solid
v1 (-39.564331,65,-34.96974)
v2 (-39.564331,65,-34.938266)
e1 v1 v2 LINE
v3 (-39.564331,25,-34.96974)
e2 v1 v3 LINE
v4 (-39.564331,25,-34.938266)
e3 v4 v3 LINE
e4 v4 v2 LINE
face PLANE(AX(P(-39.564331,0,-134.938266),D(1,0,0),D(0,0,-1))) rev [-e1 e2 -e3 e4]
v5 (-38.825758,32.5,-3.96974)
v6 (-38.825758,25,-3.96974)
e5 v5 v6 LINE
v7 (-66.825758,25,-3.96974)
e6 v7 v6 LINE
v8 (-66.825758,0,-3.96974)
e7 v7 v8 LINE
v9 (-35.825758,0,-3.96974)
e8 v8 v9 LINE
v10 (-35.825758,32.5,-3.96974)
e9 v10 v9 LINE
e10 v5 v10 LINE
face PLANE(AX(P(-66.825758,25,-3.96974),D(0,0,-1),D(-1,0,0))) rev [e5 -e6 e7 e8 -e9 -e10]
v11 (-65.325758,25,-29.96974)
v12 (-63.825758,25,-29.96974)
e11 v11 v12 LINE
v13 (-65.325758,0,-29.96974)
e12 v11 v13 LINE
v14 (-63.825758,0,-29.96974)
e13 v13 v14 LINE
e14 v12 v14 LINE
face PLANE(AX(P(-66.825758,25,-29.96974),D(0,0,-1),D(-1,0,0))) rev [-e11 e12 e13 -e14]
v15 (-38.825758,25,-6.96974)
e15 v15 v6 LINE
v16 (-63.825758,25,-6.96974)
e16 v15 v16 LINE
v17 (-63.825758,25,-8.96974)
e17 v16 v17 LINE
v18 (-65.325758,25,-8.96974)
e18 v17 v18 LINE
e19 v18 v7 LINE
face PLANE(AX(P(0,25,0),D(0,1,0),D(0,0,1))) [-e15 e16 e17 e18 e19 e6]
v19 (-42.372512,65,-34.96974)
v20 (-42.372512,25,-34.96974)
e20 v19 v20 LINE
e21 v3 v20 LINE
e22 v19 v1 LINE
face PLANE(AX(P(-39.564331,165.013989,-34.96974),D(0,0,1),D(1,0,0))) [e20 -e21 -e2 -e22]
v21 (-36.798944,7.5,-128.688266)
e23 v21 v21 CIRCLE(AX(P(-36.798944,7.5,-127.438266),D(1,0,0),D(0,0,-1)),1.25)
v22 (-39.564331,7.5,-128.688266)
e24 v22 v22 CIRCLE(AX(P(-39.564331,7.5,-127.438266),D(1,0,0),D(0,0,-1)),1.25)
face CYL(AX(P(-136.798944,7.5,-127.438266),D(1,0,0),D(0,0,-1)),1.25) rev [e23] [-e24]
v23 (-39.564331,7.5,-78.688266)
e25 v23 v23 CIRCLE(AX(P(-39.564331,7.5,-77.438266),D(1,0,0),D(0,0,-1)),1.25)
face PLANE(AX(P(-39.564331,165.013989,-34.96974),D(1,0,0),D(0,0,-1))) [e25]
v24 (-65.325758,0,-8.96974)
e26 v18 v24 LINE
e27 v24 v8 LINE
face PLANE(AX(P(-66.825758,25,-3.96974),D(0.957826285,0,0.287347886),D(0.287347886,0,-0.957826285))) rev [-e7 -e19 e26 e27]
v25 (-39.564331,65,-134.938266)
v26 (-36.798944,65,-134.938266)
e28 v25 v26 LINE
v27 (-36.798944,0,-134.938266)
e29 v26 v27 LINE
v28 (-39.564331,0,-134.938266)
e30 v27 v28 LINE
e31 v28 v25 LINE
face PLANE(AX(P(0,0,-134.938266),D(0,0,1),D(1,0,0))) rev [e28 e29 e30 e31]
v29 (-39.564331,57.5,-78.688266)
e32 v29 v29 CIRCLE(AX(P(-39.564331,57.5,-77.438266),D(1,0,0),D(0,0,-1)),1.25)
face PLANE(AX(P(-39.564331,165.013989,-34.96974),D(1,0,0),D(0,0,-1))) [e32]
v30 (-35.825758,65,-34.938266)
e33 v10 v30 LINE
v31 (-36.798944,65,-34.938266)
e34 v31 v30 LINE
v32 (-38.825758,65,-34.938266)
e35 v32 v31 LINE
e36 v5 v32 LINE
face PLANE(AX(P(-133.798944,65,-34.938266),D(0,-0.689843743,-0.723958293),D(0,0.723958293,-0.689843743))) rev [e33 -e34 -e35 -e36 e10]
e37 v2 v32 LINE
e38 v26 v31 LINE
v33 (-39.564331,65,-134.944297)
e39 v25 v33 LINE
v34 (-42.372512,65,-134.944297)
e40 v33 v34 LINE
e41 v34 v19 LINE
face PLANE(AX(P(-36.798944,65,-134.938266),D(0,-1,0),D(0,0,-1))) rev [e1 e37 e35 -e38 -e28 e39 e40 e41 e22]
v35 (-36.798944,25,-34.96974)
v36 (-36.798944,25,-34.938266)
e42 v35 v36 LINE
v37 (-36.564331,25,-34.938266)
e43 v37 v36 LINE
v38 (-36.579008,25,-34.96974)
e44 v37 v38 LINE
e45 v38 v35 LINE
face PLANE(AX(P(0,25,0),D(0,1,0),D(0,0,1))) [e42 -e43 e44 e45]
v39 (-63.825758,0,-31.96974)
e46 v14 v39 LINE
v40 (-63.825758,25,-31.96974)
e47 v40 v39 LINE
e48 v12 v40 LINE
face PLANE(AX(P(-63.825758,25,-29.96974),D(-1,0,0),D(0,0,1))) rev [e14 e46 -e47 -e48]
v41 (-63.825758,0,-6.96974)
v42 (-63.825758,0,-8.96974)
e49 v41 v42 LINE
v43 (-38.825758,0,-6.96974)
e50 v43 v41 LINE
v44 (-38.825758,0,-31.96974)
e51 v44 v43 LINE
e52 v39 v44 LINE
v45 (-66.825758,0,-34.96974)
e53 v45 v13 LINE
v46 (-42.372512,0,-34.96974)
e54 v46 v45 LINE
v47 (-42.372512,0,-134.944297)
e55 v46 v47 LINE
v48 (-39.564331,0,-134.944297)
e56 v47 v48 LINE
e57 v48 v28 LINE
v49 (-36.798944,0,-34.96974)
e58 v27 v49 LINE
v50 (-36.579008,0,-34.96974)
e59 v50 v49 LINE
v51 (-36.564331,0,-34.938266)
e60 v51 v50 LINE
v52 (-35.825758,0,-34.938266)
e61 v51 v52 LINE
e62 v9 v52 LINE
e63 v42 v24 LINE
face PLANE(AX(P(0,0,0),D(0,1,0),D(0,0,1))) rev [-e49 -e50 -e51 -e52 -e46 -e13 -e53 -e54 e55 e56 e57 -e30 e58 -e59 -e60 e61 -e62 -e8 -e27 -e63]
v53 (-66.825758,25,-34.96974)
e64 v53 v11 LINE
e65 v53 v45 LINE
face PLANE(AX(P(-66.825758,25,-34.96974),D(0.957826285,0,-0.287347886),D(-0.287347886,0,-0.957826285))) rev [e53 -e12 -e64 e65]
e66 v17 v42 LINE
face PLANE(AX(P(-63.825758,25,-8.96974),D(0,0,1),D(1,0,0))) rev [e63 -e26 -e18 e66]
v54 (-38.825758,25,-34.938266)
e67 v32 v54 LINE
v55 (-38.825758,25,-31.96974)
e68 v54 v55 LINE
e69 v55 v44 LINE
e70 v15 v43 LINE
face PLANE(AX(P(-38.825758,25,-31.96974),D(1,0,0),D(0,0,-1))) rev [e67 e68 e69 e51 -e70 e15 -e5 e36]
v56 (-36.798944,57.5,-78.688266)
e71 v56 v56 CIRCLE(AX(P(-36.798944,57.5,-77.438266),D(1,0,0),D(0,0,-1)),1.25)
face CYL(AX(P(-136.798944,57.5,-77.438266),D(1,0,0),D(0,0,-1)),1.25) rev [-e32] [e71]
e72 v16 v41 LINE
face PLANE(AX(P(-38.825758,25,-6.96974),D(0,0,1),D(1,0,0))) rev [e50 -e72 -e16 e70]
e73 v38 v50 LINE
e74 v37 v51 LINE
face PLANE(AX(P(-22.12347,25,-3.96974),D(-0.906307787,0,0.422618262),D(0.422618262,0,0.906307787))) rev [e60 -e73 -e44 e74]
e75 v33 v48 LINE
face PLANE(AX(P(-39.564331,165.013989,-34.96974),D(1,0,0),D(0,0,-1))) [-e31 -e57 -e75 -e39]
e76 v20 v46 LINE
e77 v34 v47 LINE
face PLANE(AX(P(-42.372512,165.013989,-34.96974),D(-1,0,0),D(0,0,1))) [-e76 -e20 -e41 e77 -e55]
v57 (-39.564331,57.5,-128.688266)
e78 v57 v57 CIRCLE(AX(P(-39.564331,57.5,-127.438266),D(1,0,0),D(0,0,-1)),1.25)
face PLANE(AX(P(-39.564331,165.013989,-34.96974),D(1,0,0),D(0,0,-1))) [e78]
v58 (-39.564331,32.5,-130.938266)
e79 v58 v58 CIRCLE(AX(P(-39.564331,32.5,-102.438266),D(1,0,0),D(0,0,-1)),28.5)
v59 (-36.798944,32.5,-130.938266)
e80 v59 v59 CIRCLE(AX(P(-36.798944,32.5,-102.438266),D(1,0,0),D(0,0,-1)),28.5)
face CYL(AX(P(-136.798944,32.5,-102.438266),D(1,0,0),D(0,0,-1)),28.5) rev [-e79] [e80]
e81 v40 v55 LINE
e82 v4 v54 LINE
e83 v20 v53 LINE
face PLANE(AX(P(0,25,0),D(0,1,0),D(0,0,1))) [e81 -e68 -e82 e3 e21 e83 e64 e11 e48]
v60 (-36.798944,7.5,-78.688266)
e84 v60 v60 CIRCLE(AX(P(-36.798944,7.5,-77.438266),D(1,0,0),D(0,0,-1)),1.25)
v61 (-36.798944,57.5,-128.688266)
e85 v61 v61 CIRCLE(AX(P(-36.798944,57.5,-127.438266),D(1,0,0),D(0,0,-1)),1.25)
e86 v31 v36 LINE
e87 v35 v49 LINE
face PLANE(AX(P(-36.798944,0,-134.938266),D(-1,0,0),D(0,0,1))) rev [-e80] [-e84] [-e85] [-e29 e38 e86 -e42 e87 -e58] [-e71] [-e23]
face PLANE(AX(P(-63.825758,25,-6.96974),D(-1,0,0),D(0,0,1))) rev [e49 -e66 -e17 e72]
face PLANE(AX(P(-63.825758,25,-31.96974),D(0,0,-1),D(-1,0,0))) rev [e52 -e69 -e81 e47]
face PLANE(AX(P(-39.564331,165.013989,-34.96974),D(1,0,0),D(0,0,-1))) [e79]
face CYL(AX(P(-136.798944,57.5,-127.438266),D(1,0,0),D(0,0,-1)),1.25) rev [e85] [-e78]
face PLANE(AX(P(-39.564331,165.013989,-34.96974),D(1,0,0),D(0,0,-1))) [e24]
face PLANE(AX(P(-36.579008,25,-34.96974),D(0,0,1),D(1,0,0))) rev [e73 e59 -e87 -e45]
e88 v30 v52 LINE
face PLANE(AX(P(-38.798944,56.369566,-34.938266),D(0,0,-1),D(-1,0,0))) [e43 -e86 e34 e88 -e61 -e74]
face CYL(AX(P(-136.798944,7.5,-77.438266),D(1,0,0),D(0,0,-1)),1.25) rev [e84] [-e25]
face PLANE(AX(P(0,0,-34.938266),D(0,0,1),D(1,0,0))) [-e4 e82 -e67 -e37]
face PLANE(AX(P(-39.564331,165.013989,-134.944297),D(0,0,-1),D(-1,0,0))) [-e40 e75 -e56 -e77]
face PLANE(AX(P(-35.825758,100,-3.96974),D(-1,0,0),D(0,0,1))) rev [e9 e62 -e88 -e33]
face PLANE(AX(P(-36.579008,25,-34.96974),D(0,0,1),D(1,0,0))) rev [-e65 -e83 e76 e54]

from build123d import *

# Parameters (mm, degrees)
EXTRUDE_1_DEPTH      = 25
CUT_EXTRUDE_4_DEPTH  = 80.457942189
SKETCH_7_W           = 16.60831278
SKETCH_7_H           = 38.473598513
CUT_EXTRUDE_14_DEPTH = 80.457942189
SKETCH_8_W           = 5
SKETCH_8_H           = 30.968526609
EXTRUDE_2_DEPTH      = 25
SKETCH_9_W           = 2.765387297
SKETCH_9_H           = 65
EXTRUDE_3_DEPTH      = 100
SKETCH_10_W          = 5.026813651
SKETCH_10_H          = 30.968526609
EXTRUDE_4_DEPTH      = 40
CUT_EXTRUDE_15_DEPTH = 100
SKETCH_12_R          = 28.5
CUT_EXTRUDE_16_DEPTH = 100
SKETCH_13_R          = 1.25
CUT_EXTRUDE_17_DEPTH = 100
SKETCH_14_W          = 2.026813651
SKETCH_14_H          = 30.968526609
CUT_EXTRUDE_19_DEPTH = 100
EXTRUDE_5_REACH      = 166.009
SKETCH_16_W          = 2.808181224
SKETCH_16_H          = 99.974557172


with BuildPart() as part:
    # Эскиз1 → Бобышка-Вытянуть1 (new body)
    with BuildSketch(Plane(origin=(0, 0, 0), x_dir=(1, 0, 0), z_dir=(0, 1, 0))):
        Polygon((-66.825757576, 34.969739794), (-66.825757576, 29.969739794), (-63.825757576, 29.969739794), (-63.825757576, 31.969739794), (-38.825757576, 31.969739794), (-38.825757576, 6.969739794), (-63.825757576, 6.969739794), (-63.825757576, 8.969739794), (-66.825757576, 8.969739794), (-66.825757576, 3.969739794), (-22.123470102, 3.969739794), (-36.579007505, 34.969739794), align=None)
    extrude(amount=EXTRUDE_1_DEPTH)

    # Эскиз3 → Вырез-Вытянуть4 (cut, through all)
    with BuildSketch(Plane.XZ):
        Polygon((-66.825757576, -3.969739794), (-65.325757576, -8.969739794), (-66.825757576, -8.969739794), align=None)
        Polygon((-66.825757576, -29.969739794), (-66.825757576, -34.969739794), (-65.325757576, -29.969739794), align=None)
    extrude(amount=-CUT_EXTRUDE_4_DEPTH, mode=Mode.SUBTRACT)

    # Эскиз7 → Вырез-Вытянуть14 (cut, through all)
    with BuildSketch(Plane(origin=(0, 0, 0), x_dir=(-1, 0, 0), z_dir=(0, -1, 0))):
        with Locations((27.703474463, 20.539743139)):
            Rectangle(SKETCH_7_W, SKETCH_7_H)
    extrude(amount=-CUT_EXTRUDE_14_DEPTH, mode=Mode.SUBTRACT)

    # Эскиз8 → Бобышка-Вытянуть2 (add)
    with BuildSketch(Plane(origin=(0, 0, 0), x_dir=(-1, 0, 0), z_dir=(0, -1, 0))):
        with Locations((36.298943925, 19.454003098)):
            Rectangle(SKETCH_8_W, SKETCH_8_H)
    extrude(amount=-EXTRUDE_2_DEPTH)

    # Эскиз9 → Бобышка-Вытянуть3 (add)
    with BuildSketch(Plane(origin=(0, 0, -34.938266403), x_dir=(-1, 0, 0), z_dir=(0, 0, -1))):
        with Locations((38.181637573, 32.5)):
            Rectangle(SKETCH_9_W, SKETCH_9_H)
    extrude(amount=EXTRUDE_3_DEPTH)

    # Эскиз10 → Бобышка-Вытянуть4 (add)
    with BuildSketch(Plane(origin=(0, 25, 0), x_dir=(1, 0, 0), z_dir=(0, 1, 0))):
        with Locations((-36.312350751, 19.454003098)):
            Rectangle(SKETCH_10_W, SKETCH_10_H)
    extrude(amount=EXTRUDE_4_DEPTH)

    # Эскиз11 → Вырез-Вытянуть15 (cut)
    with BuildSketch(Plane(origin=(-33.798943925, 0, 0), x_dir=(0, 0, -1), z_dir=(1, 0, 0))):
        Polygon((34.938266403, 65), (3.969739794, 32.5), (3.969739794, 65), align=None)
    extrude(amount=-CUT_EXTRUDE_15_DEPTH, mode=Mode.SUBTRACT)

    # Эскиз12 → Вырез-Вытянуть16 (cut)
    with BuildSketch(Plane(origin=(-36.798943925, 0, 0), x_dir=(0, 0, -1), z_dir=(1, 0, 0))):
        with Locations((102.438266403, 32.5)):
            Circle(SKETCH_12_R)
    extrude(amount=-CUT_EXTRUDE_16_DEPTH, mode=Mode.SUBTRACT)

    # Эскиз13 → Вырез-Вытянуть17 (cut)
    with BuildSketch(Plane(origin=(-36.798943925, 0, 0), x_dir=(0, 0, -1), z_dir=(1, 0, 0))):
        with Locations((77.438266403, 57.5)):
            Circle(SKETCH_13_R)
        with Locations((127.438266403, 57.5)):
            Circle(SKETCH_13_R)
        with Locations((127.438266403, 7.5)):
            Circle(SKETCH_13_R)
        with Locations((77.438266403, 7.5)):
            Circle(SKETCH_13_R)
    extrude(amount=-CUT_EXTRUDE_17_DEPTH, mode=Mode.SUBTRACT)

    # Эскиз14 → Вырез-Вытянуть19 (cut)
    with BuildSketch(Plane.XZ):
        with Locations((-34.812350751, -19.454003098)):
            Rectangle(SKETCH_14_W, SKETCH_14_H)
    extrude(amount=-CUT_EXTRUDE_19_DEPTH, mode=Mode.SUBTRACT)

    # Бобышка-Вытянуть5: up to this face of the body (flat: up to its plane)
    extrude_5_end = Plane(part.part.faces().sort_by_distance((-38.181637574, 65, -84.938266403))[0])
    # Эскиз16 → Бобышка-Вытянуть5 (add, up to the picked face)
    with BuildSketch(Plane.XZ, mode=Mode.PRIVATE) as extrude_5_sk1:
        with Locations((-40.968421834, -84.95701838)):
            Rectangle(SKETCH_16_W, SKETCH_16_H)
    extrude_5_tool1 = split(extrude(extrude_5_sk1.sketch, amount=-EXTRUDE_5_REACH, mode=Mode.PRIVATE), bisect_by=extrude_5_end, keep=Keep.BOTH, mode=Mode.PRIVATE)
    add(extrude_5_tool1.solids().sort_by(Axis((-40.968422, 0, -84.957018), (0, 1, 0)))[0])


solid = part.part
